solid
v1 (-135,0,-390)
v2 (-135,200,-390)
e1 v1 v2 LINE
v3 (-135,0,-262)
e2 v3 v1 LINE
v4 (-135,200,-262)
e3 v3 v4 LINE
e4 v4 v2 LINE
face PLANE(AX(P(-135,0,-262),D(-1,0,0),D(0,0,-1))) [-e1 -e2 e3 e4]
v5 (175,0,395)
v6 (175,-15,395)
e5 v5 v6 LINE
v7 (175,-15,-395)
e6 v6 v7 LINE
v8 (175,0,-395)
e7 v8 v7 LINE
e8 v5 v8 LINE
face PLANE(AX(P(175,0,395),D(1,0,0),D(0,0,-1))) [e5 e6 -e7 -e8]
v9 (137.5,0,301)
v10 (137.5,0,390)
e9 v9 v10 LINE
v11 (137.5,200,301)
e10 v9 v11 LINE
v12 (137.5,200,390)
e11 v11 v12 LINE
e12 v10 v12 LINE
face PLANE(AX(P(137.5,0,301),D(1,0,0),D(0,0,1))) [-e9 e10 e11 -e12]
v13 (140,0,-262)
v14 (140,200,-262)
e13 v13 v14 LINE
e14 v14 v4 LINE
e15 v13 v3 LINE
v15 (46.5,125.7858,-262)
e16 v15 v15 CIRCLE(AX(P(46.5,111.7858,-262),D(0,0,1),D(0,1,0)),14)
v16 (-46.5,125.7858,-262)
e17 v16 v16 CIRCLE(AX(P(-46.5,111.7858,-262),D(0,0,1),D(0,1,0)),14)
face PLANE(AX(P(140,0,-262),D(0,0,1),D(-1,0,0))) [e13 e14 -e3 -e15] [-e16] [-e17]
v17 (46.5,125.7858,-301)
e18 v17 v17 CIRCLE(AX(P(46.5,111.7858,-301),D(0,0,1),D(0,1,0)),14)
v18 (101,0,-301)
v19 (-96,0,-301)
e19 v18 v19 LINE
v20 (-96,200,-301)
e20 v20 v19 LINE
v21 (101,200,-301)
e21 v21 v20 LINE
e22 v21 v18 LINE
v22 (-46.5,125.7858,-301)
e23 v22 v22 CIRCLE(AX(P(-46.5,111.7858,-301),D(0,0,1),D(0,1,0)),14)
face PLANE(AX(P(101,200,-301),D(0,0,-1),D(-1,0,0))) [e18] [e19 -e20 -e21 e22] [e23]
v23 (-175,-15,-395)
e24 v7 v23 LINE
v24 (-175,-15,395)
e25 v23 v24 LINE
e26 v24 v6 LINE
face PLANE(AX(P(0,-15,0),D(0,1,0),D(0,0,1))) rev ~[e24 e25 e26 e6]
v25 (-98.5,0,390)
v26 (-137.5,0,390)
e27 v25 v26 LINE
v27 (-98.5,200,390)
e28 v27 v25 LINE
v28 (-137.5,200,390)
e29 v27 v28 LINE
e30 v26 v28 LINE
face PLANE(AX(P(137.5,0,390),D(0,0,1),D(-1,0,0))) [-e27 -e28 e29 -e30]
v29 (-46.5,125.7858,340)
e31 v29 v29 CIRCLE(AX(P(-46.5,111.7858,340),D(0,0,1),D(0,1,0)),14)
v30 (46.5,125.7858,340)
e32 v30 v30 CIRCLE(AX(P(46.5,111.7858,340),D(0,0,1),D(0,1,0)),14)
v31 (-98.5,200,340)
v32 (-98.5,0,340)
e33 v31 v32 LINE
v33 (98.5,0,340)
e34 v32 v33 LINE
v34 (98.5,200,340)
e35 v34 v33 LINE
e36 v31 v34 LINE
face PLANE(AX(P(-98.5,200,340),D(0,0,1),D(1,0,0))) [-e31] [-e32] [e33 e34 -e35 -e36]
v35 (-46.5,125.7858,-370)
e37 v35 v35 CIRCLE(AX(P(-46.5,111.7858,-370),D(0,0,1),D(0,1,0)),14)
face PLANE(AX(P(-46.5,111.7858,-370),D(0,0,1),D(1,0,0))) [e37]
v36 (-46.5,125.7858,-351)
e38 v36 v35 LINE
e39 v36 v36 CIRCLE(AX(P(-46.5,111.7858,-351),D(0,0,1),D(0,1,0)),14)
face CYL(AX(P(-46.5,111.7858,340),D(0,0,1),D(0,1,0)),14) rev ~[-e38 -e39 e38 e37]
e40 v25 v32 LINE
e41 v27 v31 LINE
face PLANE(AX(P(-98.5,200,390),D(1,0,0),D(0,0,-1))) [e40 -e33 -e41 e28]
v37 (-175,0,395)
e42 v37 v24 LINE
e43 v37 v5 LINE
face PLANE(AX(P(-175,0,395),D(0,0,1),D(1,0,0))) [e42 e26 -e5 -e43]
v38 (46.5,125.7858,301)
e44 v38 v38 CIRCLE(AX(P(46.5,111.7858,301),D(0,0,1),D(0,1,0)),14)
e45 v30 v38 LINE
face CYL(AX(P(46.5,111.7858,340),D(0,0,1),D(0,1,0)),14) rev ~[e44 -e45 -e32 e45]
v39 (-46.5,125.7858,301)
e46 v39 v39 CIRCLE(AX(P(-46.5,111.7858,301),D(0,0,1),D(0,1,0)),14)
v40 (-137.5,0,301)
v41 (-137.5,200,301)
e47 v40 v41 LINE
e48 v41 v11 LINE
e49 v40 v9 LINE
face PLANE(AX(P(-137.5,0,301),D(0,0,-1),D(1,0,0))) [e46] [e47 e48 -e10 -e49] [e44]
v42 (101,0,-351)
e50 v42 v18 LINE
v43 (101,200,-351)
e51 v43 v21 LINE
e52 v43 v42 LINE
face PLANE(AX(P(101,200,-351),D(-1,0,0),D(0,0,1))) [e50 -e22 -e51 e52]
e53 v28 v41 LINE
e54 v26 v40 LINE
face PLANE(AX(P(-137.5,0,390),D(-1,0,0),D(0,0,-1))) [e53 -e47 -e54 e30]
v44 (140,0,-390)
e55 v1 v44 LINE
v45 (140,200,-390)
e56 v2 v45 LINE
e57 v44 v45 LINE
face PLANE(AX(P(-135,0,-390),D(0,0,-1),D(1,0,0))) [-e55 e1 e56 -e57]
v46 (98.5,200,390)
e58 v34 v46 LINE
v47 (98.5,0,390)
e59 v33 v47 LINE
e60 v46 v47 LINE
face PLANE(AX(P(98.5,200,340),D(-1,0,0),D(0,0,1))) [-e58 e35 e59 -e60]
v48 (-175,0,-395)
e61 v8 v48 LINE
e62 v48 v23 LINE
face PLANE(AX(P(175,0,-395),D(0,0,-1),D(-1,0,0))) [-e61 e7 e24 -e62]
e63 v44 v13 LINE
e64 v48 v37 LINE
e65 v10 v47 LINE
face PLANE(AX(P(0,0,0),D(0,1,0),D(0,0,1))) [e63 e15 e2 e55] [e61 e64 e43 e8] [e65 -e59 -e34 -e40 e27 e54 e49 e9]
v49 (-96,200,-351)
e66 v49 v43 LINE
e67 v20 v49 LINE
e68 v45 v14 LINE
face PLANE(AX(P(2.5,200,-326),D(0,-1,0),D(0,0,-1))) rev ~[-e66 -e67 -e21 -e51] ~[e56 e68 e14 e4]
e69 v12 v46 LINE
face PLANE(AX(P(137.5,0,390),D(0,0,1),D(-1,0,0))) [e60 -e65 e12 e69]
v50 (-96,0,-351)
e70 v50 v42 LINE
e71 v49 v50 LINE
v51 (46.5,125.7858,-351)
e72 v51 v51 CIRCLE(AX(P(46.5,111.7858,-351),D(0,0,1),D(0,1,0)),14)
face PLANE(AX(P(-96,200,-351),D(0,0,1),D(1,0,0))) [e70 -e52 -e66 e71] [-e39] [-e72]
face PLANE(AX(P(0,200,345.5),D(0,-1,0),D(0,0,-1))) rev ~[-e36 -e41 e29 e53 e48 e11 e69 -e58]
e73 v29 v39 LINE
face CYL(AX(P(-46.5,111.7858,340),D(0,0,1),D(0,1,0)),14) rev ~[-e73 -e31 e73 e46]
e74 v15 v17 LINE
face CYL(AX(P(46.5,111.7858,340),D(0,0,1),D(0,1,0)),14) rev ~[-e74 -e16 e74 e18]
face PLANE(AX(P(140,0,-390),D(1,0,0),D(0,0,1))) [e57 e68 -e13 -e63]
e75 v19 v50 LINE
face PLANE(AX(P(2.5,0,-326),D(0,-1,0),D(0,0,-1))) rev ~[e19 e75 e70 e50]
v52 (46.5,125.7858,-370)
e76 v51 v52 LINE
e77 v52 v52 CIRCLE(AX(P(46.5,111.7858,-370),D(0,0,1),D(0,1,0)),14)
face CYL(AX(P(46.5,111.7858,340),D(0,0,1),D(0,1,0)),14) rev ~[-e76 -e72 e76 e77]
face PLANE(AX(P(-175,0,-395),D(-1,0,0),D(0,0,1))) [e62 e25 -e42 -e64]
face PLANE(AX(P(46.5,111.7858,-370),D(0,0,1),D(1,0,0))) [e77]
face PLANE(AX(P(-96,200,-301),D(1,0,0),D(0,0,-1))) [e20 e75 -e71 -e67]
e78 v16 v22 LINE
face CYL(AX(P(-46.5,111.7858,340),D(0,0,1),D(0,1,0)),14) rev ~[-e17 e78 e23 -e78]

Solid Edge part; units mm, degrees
sketch "Sketch1" plane through (0, 0, 0) normal (0, 1, 0) x (-1, 0, 0)
  line L0 (-175, -395) -> (175, -395)
  line L1 (175, -395) -> (175, 395)
  line L2 (175, 395) -> (-175, 395)
  line L3 (-175, 395) -> (-175, -395)
  dimension "D1" = 350
  dimension "D2" = 790
extrude "Protrusion1" add sketch "Sketch1" against normal blind 15
sketch "Sketch2" plane through (0, 0, 0) normal (0, 1, 0) x (0, 0, -1)
  line L0 (-390, 137.5) -> (-301, 137.5)
  line L1 (-301, 137.5) -> (-301, -137.5)
  line L2 (-301, -137.5) -> (-390, -137.5)
  line L3 (-390, -137.5) -> (-390, 137.5)
  dimension "D1" = 89
  dimension "D2" = 275
  dimension "D3" = 5
  dimension "D4" = 37.5
extrude "ExtrudedProtrusion_4" add sketch "Sketch2" along normal blind 200
sketch "Sketch3" plane through (0, 0, 0) normal (0, 1, 0) x (0, 0, -1)
  line L0 (262, 135) -> (390, 135)
  line L1 (390, 135) -> (390, -140)
  line L2 (390, -140) -> (262, -140)
  line L3 (262, -140) -> (262, 135)
  dimension "D1" = 128
  dimension "D2" = 275
  dimension "D3" = 35
  dimension "D4" = 5
extrude "ExtrudedProtrusion_5" add sketch "Sketch3" along normal blind 200
sketch "Sketch4" plane through (0, 200, 355.5) normal (0, 1, 0) x (0, 0, -1)
  line L0 (-34.5, 98.5) -> (15.5, 98.5)
  line L1 (15.5, 98.5) -> (15.5, -98.5)
  line L2 (15.5, -98.5) -> (-34.5, -98.5)
  line L3 (-34.5, -98.5) -> (-34.5, 98.5)
  dimension "D1" = 39
  dimension "D2" = 39
  dimension "D3" = 39
extrude "ExtrudedCutout_1" cut sketch "Sketch4" against normal blind 200
sketch "Sketch5" plane through (2.5, 200, -355.5) normal (0, 1, 0) x (0, 0, -1)
  line L0 (-54.5, 98.5) -> (-4.5, 98.5)
  line L1 (-4.5, 98.5) -> (-4.5, -98.5)
  line L2 (-4.5, -98.5) -> (-54.5, -98.5)
  line L3 (-54.5, -98.5) -> (-54.5, 98.5)
  dimension "D1" = 50
  dimension "D2" = 39
  dimension "D3" = 39
  dimension "D4" = 39
extrude "ExtrudedCutout_2" cut sketch "Sketch5" against normal blind 200
sketch "Sketch6" plane through (0, 100, 340) normal (0, 0, 1) x (0, 1, 0)
  circle A0 centre (11.7858, -46.5) radius 14
  circle A1 centre (11.7858, 46.5) radius 14
  dimension "D1" = 93
  dimension "D2" = 52
  dimension "D3" = 28
extrude "ExtrudedCutout_5" cut sketch "Sketch6" against normal blind 710
